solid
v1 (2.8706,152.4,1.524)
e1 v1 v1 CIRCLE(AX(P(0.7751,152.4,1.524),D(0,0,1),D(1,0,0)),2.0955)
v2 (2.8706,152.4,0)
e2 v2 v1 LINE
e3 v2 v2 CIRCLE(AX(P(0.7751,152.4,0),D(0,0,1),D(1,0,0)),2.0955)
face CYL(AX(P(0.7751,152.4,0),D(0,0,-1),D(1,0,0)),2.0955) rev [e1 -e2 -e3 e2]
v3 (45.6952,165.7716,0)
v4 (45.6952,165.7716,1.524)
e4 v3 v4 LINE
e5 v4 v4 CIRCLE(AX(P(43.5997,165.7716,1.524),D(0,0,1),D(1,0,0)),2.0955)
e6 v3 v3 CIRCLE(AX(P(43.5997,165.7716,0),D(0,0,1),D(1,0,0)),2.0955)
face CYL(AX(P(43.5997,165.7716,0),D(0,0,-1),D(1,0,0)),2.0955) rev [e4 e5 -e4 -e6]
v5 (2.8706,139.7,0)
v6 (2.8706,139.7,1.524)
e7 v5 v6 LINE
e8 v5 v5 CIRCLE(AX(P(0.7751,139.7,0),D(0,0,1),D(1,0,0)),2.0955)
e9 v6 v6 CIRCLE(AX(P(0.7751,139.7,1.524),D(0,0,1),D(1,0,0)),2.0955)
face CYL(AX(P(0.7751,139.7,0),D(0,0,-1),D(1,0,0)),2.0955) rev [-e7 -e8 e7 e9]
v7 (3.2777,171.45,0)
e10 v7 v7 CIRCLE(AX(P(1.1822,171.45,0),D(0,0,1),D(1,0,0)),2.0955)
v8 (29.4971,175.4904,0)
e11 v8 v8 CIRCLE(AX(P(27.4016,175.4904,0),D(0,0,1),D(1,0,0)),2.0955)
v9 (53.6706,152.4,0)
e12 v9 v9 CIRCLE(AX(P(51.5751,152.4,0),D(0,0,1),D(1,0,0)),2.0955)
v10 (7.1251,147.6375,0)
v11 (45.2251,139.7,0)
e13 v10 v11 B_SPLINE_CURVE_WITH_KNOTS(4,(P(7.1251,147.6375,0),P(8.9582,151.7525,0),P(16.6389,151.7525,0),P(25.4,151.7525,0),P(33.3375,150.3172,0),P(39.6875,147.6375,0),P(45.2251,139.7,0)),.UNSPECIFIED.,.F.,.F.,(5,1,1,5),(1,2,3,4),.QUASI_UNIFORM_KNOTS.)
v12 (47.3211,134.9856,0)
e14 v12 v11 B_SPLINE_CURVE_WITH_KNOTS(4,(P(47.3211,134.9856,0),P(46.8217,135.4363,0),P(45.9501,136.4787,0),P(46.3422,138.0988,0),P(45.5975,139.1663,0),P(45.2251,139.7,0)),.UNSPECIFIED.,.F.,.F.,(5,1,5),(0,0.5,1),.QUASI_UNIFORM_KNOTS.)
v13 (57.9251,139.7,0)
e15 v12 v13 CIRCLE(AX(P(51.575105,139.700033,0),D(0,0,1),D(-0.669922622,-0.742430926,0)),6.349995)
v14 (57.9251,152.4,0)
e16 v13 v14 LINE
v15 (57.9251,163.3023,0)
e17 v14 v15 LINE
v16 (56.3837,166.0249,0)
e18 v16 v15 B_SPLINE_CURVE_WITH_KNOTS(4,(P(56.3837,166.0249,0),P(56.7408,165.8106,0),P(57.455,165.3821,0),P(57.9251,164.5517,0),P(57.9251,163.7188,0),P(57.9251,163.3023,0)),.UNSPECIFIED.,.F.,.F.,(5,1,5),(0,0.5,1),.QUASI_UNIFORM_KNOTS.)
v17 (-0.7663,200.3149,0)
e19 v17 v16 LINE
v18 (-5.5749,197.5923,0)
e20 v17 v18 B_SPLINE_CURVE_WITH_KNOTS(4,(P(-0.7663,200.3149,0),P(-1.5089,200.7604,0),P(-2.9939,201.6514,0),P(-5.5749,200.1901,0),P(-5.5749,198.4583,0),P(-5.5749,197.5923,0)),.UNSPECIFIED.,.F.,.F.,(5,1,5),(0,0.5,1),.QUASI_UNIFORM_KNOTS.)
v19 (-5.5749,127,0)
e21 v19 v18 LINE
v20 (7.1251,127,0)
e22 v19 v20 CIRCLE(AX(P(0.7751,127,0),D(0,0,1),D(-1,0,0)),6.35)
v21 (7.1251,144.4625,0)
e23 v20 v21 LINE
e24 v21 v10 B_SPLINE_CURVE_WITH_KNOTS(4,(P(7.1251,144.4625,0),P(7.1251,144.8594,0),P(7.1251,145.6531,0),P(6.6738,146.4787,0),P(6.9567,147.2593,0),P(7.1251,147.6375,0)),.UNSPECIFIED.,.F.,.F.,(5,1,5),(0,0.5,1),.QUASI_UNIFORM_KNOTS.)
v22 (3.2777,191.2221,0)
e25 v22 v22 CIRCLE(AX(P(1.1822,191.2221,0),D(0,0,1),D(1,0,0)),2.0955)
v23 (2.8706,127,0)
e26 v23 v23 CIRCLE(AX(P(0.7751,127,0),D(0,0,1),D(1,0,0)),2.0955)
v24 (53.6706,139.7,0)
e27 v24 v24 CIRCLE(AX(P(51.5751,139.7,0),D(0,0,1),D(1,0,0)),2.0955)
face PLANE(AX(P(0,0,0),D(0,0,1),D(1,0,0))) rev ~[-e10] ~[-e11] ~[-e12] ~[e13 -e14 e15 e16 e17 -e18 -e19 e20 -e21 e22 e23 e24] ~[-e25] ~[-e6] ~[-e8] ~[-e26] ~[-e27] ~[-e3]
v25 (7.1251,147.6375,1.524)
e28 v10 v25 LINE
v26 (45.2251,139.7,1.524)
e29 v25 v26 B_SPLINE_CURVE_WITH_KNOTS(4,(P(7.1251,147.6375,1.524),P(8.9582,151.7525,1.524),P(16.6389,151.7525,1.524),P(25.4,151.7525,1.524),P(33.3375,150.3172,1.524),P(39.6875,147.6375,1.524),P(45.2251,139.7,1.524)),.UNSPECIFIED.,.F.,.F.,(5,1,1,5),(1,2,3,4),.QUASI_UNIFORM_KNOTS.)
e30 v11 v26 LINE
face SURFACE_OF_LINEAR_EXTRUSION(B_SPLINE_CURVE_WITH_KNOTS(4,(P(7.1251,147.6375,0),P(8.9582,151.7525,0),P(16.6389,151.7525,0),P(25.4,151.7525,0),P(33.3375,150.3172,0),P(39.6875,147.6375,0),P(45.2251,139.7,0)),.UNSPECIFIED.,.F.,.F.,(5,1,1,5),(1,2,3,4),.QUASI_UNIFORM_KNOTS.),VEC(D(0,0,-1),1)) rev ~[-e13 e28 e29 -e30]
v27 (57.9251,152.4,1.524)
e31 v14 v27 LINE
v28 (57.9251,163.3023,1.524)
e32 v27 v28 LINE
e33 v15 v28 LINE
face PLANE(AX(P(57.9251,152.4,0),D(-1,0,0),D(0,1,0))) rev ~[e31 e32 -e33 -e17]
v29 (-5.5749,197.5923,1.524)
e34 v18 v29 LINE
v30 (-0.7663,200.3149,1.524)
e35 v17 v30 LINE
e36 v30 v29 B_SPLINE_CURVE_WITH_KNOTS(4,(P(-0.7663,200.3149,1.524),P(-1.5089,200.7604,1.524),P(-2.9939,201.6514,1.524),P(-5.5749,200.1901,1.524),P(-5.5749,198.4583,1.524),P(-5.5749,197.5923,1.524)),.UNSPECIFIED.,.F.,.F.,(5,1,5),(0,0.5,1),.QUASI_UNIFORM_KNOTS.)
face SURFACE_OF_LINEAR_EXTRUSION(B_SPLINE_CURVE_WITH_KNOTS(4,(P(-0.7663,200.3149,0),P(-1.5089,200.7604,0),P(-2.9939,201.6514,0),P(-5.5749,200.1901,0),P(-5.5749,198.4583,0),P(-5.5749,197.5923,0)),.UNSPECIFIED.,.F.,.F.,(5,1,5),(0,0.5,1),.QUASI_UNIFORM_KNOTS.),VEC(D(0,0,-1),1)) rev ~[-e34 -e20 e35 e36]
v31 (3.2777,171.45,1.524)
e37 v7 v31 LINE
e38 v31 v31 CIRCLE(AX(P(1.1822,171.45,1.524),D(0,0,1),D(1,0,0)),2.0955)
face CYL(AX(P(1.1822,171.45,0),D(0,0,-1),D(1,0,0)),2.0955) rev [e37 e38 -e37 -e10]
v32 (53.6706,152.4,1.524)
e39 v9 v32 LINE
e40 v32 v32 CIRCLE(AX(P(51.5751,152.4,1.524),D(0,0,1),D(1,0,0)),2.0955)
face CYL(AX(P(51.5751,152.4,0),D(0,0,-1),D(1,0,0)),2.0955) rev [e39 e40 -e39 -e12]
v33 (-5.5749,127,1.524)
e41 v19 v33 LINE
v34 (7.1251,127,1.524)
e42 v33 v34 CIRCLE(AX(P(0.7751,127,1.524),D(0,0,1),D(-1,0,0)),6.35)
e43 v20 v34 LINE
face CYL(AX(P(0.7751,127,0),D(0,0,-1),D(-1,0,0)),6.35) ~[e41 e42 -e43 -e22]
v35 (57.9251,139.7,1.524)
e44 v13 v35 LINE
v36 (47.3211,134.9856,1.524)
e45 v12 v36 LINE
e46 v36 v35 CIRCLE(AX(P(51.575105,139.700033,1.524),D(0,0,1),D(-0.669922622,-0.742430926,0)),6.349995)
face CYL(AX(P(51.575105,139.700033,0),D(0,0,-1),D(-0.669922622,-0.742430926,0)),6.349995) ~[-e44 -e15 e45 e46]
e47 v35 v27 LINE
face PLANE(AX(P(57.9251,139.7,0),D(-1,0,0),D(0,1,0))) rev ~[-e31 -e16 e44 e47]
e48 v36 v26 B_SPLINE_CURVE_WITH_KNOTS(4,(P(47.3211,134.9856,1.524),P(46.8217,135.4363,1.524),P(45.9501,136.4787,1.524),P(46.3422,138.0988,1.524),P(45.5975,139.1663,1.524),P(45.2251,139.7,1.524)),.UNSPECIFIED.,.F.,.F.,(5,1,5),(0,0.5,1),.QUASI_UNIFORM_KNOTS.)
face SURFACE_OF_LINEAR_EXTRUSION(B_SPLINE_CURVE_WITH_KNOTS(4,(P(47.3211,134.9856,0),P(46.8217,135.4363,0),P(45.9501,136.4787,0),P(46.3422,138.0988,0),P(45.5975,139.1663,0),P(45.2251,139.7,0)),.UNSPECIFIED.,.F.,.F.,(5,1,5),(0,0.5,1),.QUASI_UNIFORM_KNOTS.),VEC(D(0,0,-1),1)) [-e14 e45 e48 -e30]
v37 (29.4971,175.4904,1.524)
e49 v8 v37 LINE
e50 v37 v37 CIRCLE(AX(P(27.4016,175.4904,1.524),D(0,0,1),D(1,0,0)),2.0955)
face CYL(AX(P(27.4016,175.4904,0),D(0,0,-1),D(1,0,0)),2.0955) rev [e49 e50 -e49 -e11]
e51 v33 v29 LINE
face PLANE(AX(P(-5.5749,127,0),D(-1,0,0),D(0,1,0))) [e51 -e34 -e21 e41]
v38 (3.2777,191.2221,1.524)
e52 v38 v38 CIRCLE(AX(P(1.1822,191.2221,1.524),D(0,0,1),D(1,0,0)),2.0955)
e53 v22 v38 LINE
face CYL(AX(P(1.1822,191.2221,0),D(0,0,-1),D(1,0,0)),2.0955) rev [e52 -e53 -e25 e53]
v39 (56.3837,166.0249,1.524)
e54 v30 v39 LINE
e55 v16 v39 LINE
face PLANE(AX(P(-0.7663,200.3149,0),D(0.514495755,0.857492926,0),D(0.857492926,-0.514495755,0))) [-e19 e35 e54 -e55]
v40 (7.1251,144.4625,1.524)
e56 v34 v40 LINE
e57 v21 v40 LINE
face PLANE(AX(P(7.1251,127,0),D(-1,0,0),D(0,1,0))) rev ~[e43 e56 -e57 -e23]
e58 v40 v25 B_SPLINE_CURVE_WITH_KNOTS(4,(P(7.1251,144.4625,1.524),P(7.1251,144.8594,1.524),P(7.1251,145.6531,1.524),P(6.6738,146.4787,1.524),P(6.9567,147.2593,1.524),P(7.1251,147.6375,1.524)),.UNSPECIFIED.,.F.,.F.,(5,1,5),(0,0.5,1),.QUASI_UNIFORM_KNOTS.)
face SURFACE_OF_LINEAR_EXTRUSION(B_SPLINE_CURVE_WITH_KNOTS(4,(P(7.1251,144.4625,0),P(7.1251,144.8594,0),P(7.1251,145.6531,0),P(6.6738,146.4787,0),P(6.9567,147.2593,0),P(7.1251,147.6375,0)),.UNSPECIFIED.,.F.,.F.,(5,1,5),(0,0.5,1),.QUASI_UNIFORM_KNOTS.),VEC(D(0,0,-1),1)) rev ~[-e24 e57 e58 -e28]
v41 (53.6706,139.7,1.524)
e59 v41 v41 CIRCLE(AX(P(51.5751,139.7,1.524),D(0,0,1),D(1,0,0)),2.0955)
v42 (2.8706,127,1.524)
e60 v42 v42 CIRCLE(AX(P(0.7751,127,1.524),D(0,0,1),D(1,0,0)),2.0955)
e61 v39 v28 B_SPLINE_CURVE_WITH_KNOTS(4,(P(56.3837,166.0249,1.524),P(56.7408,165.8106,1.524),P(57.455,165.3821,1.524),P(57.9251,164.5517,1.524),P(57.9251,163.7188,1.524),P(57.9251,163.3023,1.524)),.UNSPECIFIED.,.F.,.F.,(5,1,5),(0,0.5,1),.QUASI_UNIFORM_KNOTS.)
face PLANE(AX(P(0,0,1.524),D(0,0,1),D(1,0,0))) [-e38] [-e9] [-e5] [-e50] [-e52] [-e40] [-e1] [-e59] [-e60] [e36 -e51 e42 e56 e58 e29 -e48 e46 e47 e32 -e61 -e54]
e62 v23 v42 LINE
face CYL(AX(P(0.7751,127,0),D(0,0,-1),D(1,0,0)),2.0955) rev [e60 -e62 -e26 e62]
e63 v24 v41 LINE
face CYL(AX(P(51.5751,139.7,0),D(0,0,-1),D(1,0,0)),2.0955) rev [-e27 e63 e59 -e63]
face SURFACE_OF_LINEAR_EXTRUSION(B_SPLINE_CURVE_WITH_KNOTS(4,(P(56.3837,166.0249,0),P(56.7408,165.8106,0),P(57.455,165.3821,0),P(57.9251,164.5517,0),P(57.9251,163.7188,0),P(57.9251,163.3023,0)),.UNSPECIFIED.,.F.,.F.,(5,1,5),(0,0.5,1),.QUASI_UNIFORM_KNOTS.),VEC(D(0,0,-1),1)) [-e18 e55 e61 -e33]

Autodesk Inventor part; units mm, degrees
ref_plane "YZ Plane" through (0, 0, 0) normal (1, 0, 0) x (0, 1, 0)
ref_plane "XZ Plane" through (0, 0, 0) normal (0, 1, 0) x (-1, 0, 0)
ref_plane "XY Plane" through (0, 0, 0) normal (0, 0, 1) x (1, 0, 0)
sketch "Sketch1" plane through (0, 0, 0) normal (0, 0, 1) x (1, 0, 0)
  circle A0 centre (0.7751, 127) radius 2.0955
  circle A1 centre (0.7751, 139.7) radius 2.0955
  circle A2 centre (0.7751, 152.4) radius 2.0955
  circle A3 centre (51.5751, 152.4) radius 2.0955
  circle A4 centre (51.5751, 139.7) radius 2.0955
  line L0 (57.9251, 139.7) -> (57.9251, 152.4)
  line L1 (-5.5749, 127) -> (-5.5749, 197.5923)
  line L2 (57.9251, 152.4) -> (57.9251, 163.3023)
  line L3 (-0.7663, 200.3149) -> (56.3837, 166.0249)
  spline S0 degree 4 poles (56.3837, 166.0249) (56.7408, 165.8106) (57.455, 165.3821) (57.9251, 164.5517) (57.9251, 163.7188) (57.9251, 163.3023) knots 0 0 0 0 0 0.5 1 1 1 1 1
  spline S1 degree 4 poles (-0.7663, 200.3149) (-1.5089, 200.7604) (-2.9939, 201.6514) (-5.5749, 200.1901) (-5.5749, 198.4583) (-5.5749, 197.5923) knots 0 0 0 0 0 0.5 1 1 1 1 1
  line L4 (7.1251, 147.6375) -> (8.9582, 151.7525) construction
  line L5 (8.9582, 151.7525) -> (16.6389, 151.7525) construction
  line L6 (16.6389, 151.7525) -> (25.4, 151.7525) construction
  line L7 (25.4, 151.7525) -> (33.3375, 150.3172) construction
  line L8 (33.3375, 150.3172) -> (39.6875, 147.6375) construction
  line L9 (39.6875, 147.6375) -> (45.2251, 139.7) construction
  spline S2 degree 4 poles (7.1251, 147.6375) (8.9582, 151.7525) (16.6389, 151.7525) (25.4, 151.7525) (33.3375, 150.3172) (39.6875, 147.6375) (45.2251, 139.7) knots 1 1 1 1 1 2 3 4 4 4 4 4
  arc A5 (-5.5749, 127) -> (7.1251, 127) centre (0.7751, 127) ccw
  line L10 (7.1251, 127) -> (7.1251, 144.4625)
  spline S3 degree 4 poles (7.1251, 144.4625) (7.1251, 144.8594) (7.1251, 145.6531) (6.6738, 146.4787) (6.9567, 147.2593) (7.1251, 147.6375) knots 0 0 0 0 0 0.5 1 1 1 1 1
  arc A6 (47.3211, 134.9856) -> (57.9251, 139.7) centre (51.5751, 139.7) ccw
  spline S4 degree 4 poles (47.3211, 134.9856) (46.8217, 135.4363) (45.9501, 136.4787) (46.3422, 138.0988) (45.5975, 139.1663) (45.2251, 139.7) knots 0 0 0 0 0 0.5 1 1 1 1 1
  circle A7 centre (1.1822, 191.2221) radius 2.0955
  circle A8 centre (27.4016, 175.4904) radius 2.0955
  circle A9 centre (43.5997, 165.7716) radius 2.0955
  circle A10 centre (1.1822, 171.45) radius 2.0955
  point P0 (0, 0)
  point P1 (-5.5749, 203.2)
  point P2 (57.9251, 165.1)
  dimension "d7" = 50.8
  dimension "d8" = 12.7
  dimension "d10" = 6.35
  dimension "d13" = 4.191
  dimension "d14" = 4.191
  dimension "d15" = 4.191
  dimension "d16" = 4.191
  dimension "d17" = 4.191
  dimension "d18" = 4.191
  dimension "d19" = 4.191
  dimension "d20" = 4.191
  dimension "d21" = 4.191
extrude "Extrusion1" add sketch "Sketch1" along normal blind 1.524
properties part number "funnel"
